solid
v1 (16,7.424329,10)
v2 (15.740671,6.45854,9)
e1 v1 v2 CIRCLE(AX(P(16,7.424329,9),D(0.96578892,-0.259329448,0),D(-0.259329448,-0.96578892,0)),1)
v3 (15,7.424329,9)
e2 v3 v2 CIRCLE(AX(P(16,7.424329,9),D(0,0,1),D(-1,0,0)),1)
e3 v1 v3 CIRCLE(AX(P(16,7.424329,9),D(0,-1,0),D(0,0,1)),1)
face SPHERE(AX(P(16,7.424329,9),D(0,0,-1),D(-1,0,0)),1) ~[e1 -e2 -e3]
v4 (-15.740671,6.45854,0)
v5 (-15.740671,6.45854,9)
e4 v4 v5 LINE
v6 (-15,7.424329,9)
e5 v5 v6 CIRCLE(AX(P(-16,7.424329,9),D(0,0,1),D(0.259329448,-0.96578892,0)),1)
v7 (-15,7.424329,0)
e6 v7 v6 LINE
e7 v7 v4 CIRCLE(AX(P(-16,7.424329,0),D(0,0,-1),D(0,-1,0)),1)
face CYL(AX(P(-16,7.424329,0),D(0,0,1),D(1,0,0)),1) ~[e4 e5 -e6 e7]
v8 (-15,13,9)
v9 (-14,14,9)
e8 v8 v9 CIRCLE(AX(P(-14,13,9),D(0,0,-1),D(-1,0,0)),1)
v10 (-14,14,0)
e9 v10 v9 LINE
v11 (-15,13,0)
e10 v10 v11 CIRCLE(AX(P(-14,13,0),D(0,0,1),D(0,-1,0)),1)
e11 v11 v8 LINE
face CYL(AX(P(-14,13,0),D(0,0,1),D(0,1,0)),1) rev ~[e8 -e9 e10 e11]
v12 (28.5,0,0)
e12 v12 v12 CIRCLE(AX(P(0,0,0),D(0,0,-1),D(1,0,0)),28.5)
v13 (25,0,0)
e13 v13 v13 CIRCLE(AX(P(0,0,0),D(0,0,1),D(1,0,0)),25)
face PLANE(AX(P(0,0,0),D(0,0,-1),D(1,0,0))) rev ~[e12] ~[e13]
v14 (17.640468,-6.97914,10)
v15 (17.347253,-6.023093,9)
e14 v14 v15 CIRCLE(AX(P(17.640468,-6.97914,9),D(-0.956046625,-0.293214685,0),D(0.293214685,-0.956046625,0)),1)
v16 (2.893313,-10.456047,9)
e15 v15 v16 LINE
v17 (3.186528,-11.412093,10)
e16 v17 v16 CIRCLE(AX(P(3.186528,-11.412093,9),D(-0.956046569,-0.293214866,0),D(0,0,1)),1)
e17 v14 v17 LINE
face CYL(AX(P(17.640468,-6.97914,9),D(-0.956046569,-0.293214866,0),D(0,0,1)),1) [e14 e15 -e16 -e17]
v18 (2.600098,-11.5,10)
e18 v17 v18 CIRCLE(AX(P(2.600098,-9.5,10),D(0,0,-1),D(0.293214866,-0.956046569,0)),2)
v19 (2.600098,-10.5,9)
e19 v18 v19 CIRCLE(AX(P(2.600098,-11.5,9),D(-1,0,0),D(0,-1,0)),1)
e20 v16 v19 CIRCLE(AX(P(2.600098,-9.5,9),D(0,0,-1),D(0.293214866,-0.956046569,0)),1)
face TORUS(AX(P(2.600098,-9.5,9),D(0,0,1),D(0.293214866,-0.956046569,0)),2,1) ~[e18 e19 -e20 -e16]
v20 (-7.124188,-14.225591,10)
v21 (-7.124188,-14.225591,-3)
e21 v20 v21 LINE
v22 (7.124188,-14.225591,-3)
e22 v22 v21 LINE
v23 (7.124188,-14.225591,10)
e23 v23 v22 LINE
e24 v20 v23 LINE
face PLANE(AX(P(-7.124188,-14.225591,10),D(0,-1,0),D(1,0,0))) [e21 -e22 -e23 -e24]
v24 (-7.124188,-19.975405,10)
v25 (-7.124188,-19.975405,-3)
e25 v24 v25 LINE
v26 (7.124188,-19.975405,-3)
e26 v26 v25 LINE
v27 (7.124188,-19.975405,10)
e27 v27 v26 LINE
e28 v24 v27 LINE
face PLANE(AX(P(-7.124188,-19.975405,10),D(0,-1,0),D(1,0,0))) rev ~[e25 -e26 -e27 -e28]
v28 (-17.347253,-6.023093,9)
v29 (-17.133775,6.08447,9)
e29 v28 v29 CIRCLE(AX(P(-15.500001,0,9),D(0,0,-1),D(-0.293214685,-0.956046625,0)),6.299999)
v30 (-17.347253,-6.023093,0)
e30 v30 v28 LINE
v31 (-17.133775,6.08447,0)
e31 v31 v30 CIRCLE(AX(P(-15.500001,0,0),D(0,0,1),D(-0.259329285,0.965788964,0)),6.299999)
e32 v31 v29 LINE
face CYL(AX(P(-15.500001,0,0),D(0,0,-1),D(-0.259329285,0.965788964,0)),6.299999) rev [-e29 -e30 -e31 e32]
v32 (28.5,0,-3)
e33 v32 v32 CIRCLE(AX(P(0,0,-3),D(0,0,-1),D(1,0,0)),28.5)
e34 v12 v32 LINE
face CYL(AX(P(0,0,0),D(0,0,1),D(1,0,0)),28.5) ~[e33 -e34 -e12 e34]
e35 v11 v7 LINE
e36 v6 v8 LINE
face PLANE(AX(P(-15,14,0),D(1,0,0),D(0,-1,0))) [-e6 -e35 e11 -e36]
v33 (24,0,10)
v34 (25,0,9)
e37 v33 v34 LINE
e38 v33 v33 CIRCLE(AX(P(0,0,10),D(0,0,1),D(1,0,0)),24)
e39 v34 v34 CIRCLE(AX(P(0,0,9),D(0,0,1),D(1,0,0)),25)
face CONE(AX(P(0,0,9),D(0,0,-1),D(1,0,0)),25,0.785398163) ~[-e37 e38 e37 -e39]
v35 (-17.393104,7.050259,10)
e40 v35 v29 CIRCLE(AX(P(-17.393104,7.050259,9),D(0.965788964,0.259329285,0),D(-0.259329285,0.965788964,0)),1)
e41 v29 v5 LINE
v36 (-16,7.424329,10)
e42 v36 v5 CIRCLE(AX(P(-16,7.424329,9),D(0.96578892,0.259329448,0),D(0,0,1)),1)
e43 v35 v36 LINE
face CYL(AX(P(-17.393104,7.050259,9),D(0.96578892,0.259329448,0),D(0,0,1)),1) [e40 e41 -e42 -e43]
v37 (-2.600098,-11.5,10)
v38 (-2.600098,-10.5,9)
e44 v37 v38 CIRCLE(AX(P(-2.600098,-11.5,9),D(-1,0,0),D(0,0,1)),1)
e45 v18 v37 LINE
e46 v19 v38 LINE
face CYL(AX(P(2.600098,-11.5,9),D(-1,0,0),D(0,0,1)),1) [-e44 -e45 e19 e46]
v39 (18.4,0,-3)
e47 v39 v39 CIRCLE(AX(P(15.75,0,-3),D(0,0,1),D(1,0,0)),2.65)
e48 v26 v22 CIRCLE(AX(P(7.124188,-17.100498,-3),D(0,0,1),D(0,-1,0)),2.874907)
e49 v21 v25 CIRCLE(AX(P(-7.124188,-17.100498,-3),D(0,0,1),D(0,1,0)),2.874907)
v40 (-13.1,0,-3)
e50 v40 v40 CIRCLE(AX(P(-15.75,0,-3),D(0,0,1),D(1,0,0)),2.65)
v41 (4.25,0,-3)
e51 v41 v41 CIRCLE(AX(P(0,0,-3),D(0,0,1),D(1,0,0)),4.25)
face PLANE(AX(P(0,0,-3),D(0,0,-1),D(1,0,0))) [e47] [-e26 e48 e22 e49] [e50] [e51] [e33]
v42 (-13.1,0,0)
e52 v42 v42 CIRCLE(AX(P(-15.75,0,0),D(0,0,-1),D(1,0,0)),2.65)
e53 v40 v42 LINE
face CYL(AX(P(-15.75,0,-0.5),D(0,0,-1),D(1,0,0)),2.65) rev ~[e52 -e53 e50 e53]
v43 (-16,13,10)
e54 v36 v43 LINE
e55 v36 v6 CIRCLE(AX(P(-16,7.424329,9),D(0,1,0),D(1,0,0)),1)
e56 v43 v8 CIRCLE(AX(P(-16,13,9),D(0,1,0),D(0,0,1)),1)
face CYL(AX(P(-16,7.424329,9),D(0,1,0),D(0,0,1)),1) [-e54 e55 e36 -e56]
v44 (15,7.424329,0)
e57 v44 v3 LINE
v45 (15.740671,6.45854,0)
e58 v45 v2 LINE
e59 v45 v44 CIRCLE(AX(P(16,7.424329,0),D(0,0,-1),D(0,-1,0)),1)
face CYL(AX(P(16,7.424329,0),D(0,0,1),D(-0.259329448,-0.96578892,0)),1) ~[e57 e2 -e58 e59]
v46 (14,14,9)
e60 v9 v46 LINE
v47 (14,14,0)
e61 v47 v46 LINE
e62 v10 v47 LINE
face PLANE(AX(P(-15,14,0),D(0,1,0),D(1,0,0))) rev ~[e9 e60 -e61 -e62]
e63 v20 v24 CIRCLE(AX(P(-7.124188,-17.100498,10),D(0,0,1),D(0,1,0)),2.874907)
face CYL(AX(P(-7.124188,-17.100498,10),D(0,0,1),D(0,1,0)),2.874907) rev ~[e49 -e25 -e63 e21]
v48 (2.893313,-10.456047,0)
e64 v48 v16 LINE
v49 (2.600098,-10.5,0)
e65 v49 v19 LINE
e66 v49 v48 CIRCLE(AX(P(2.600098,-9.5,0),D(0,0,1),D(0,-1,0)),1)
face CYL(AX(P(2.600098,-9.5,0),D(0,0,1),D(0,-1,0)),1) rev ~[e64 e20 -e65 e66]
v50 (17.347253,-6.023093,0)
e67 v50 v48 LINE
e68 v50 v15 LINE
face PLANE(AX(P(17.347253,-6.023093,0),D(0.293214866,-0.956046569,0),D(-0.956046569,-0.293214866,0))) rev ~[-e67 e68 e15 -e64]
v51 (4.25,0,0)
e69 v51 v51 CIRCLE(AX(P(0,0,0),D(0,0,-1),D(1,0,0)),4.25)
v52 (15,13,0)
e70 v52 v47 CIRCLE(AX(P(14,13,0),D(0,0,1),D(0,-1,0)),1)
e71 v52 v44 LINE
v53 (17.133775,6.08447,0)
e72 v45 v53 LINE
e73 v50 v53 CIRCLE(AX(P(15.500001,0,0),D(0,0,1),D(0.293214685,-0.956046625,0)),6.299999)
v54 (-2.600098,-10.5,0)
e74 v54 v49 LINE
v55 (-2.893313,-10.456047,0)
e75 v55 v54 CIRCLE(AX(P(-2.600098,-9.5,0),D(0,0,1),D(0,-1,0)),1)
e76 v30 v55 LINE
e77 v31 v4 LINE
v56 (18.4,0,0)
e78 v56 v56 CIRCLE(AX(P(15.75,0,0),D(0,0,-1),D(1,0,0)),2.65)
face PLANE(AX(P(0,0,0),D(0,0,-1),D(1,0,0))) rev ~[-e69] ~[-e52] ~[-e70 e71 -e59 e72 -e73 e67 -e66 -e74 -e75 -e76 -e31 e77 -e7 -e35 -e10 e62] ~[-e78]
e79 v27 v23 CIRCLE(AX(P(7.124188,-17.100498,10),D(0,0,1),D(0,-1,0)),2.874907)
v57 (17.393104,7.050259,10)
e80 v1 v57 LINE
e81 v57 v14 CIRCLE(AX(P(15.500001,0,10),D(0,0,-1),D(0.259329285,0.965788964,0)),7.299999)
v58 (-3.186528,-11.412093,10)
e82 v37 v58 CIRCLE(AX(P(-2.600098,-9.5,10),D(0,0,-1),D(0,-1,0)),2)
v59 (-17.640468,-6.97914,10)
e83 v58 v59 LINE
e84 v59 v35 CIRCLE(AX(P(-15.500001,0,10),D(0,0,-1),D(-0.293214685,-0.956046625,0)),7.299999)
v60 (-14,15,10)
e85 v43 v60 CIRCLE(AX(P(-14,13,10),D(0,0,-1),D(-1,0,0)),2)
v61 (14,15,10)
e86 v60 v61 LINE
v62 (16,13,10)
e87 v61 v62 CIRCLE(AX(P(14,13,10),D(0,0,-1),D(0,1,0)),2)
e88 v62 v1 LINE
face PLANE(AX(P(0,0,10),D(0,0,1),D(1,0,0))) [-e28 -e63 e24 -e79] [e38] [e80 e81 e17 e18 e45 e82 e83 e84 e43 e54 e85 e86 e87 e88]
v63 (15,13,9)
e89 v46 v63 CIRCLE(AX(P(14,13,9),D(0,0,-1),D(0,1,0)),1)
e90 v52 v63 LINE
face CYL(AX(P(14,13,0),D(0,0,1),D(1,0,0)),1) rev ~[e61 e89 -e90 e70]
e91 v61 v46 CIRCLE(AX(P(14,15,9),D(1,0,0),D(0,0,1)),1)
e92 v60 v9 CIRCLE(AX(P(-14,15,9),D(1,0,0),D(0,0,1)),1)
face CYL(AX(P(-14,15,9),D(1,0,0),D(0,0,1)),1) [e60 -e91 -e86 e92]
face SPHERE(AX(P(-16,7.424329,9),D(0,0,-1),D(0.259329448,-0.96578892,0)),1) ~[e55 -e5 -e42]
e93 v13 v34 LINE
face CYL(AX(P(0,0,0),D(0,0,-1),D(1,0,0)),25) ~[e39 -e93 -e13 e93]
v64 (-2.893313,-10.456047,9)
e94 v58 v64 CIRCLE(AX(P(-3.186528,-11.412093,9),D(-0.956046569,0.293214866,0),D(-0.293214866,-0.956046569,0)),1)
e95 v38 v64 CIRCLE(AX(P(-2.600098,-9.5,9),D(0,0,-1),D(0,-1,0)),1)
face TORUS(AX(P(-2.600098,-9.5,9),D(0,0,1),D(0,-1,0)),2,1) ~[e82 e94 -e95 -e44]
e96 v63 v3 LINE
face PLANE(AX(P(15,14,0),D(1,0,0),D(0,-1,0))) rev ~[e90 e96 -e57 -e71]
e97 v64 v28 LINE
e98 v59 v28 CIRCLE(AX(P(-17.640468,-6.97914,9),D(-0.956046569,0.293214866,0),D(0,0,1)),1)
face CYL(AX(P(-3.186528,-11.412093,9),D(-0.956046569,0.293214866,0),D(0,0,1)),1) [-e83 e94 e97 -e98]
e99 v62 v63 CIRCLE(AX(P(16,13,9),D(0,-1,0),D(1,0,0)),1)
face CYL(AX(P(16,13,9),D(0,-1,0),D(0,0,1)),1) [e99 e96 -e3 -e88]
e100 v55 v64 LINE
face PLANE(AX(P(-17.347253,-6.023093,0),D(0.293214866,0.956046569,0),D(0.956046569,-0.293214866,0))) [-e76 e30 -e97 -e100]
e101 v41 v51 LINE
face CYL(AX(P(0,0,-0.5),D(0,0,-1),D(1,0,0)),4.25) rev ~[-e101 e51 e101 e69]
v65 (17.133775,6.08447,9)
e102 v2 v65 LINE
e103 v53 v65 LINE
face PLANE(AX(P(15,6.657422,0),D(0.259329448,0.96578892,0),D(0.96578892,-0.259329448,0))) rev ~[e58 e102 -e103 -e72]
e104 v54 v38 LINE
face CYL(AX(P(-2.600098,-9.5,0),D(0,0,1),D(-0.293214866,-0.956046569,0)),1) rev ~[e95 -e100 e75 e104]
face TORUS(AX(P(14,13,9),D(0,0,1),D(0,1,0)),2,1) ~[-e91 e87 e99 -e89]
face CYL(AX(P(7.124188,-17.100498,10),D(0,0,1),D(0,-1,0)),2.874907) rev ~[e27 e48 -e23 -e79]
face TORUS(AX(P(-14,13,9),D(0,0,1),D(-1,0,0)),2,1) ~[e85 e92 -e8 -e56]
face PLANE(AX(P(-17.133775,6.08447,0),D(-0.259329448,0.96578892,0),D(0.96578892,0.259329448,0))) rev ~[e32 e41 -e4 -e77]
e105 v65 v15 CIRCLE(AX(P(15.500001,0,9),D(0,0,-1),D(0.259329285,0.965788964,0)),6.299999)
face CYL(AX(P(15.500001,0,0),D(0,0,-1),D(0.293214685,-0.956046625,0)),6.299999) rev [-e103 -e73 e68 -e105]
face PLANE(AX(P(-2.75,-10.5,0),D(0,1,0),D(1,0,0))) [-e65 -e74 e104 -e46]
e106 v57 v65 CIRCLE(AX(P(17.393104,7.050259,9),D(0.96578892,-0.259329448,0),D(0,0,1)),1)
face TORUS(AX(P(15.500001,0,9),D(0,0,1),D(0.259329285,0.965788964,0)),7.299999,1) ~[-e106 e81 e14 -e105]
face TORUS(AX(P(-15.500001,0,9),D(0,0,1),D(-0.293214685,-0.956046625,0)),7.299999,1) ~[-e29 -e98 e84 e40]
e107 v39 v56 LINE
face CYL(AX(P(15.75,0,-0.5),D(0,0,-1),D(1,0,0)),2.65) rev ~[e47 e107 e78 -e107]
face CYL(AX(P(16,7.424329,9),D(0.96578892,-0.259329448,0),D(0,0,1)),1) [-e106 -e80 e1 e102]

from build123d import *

# Parameters (mm, degrees)
SKETCH_R          = 25
PAD_DEPTH         = 10
SKETCH001_R       = 28.5
PAD001_DEPTH      = 3
SKETCH002_R       = 4.25
SKETCH002_R_2     = 2.65
POCKET_DEPTH      = 10.501
POCKET_DEPTH_BACK = -2.501
FILLET_R          = 1
FILLET001_R       = 1
CHAMFER_SIZE      = 1
POCKET001_DEPTH   = 13.001


with BuildPart() as part:
    # Sketch → Pad (new body)
    with BuildSketch(Plane.XY):
        Circle(SKETCH_R)
        with BuildLine():
            ThreePointArc((17.347253, -6.023093), (21.799021, 0.111063), (17.133775, 6.08447))
            Line((15, 6.657422), (17.133775, 6.08447))
            Line((15, 14), (15, 6.657422))
            Line((-15, 14), (15, 14))
            Line((-15, 14), (-15, 6.657422))
            Line((-17.133775, 6.08447), (-15, 6.657422))
            ThreePointArc((-17.133775, 6.08447), (-21.799021, 0.111063), (-17.347253, -6.023093))
            Line((-17.347253, -6.023093), (-2.75, -10.5))
            Line((-2.75, -10.5), (2.75, -10.5))
            Line((17.347253, -6.023093), (2.75, -10.5))
        make_face(mode=Mode.SUBTRACT)
    extrude(amount=PAD_DEPTH)

    # Sketch001 (on Face12 of Pad) → Pad001 (join)
    with BuildSketch(Plane(origin=(0, 0, 0), x_dir=(1, 0, 0), z_dir=(0, 0, -1))):
        Circle(SKETCH001_R)
    extrude(amount=PAD001_DEPTH)

    # Sketch002 → Pocket (cut, two sides)
    with BuildSketch(Plane(origin=(0, 0, -0.5), x_dir=(1, 0, 0), z_dir=(0, 0, -1))) as pocket_sk:
        Circle(SKETCH002_R)
        with Locations((-15.75, 0)):
            Circle(SKETCH002_R_2)
        with Locations((15.75, 0)):
            Circle(SKETCH002_R_2)
    extrude(amount=-POCKET_DEPTH, mode=Mode.SUBTRACT)
    extrude(pocket_sk.sketch, amount=-POCKET_DEPTH_BACK, mode=Mode.SUBTRACT)

    # Fillet
    fillet_edges = [part.edges().sort_by_distance(p)[0] for p in [
        (15, 6.657422, 5),
        (15, 14, 5),
        (-15, 6.657422, 5),
        (-15, 14, 5),
        (-2.75, -10.5, 5),
        (2.75, -10.5, 5),
    ]]
    fillet(fillet_edges, radius=FILLET_R)

    # Fillet001
    fillet001_edges = [part.edges().sort_by_distance(p)[0] for p in [
        (0, 14, 10),
        (-15, 10.212165, 10),
        (-21.799021, 0.111063, 10),
        (-10.120283, -8.23957, 10),
        (0, -10.5, 10),
        (10.120283, -8.23957, 10),
        (21.799021, 0.111063, 10),
        (15, 10.212165, 10),
        (14.707107, 13.707107, 10),
        (15.206486, 6.815778, 10),
        (16.437223, 6.271505, 10),
        (-16.437223, 6.271505, 10),
        (-15.206486, 6.815778, 10),
        (-14.707107, 13.707107, 10),
        (-2.748344, -10.488951, 10),
        (2.748344, -10.488951, 10),
    ]]
    fillet(fillet001_edges, radius=FILLET001_R)

    # Chamfer
    chamfer_edges = [part.edges().sort_by_distance(p)[0] for p in [
        (-25, 0, 10),
    ]]
    chamfer(chamfer_edges, length=CHAMFER_SIZE)

    # Sketch003 (on Face1 of Chamfer) → Pocket001 (cut, through all)
    with BuildSketch(Plane.XY.offset(10)):
        with BuildLine():
            ThreePointArc((-7.124188, -14.225591), (-9.999095, -17.100498), (-7.124188, -19.975405))
            Line((-7.124188, -19.975405), (7.124188, -19.975405))
            ThreePointArc((7.124188, -19.975405), (9.999095, -17.100498), (7.124188, -14.225591))
            Line((-7.124188, -14.225591), (7.124188, -14.225591))
        make_face()
    extrude(amount=-POCKET001_DEPTH, mode=Mode.SUBTRACT)


solid = part.part
